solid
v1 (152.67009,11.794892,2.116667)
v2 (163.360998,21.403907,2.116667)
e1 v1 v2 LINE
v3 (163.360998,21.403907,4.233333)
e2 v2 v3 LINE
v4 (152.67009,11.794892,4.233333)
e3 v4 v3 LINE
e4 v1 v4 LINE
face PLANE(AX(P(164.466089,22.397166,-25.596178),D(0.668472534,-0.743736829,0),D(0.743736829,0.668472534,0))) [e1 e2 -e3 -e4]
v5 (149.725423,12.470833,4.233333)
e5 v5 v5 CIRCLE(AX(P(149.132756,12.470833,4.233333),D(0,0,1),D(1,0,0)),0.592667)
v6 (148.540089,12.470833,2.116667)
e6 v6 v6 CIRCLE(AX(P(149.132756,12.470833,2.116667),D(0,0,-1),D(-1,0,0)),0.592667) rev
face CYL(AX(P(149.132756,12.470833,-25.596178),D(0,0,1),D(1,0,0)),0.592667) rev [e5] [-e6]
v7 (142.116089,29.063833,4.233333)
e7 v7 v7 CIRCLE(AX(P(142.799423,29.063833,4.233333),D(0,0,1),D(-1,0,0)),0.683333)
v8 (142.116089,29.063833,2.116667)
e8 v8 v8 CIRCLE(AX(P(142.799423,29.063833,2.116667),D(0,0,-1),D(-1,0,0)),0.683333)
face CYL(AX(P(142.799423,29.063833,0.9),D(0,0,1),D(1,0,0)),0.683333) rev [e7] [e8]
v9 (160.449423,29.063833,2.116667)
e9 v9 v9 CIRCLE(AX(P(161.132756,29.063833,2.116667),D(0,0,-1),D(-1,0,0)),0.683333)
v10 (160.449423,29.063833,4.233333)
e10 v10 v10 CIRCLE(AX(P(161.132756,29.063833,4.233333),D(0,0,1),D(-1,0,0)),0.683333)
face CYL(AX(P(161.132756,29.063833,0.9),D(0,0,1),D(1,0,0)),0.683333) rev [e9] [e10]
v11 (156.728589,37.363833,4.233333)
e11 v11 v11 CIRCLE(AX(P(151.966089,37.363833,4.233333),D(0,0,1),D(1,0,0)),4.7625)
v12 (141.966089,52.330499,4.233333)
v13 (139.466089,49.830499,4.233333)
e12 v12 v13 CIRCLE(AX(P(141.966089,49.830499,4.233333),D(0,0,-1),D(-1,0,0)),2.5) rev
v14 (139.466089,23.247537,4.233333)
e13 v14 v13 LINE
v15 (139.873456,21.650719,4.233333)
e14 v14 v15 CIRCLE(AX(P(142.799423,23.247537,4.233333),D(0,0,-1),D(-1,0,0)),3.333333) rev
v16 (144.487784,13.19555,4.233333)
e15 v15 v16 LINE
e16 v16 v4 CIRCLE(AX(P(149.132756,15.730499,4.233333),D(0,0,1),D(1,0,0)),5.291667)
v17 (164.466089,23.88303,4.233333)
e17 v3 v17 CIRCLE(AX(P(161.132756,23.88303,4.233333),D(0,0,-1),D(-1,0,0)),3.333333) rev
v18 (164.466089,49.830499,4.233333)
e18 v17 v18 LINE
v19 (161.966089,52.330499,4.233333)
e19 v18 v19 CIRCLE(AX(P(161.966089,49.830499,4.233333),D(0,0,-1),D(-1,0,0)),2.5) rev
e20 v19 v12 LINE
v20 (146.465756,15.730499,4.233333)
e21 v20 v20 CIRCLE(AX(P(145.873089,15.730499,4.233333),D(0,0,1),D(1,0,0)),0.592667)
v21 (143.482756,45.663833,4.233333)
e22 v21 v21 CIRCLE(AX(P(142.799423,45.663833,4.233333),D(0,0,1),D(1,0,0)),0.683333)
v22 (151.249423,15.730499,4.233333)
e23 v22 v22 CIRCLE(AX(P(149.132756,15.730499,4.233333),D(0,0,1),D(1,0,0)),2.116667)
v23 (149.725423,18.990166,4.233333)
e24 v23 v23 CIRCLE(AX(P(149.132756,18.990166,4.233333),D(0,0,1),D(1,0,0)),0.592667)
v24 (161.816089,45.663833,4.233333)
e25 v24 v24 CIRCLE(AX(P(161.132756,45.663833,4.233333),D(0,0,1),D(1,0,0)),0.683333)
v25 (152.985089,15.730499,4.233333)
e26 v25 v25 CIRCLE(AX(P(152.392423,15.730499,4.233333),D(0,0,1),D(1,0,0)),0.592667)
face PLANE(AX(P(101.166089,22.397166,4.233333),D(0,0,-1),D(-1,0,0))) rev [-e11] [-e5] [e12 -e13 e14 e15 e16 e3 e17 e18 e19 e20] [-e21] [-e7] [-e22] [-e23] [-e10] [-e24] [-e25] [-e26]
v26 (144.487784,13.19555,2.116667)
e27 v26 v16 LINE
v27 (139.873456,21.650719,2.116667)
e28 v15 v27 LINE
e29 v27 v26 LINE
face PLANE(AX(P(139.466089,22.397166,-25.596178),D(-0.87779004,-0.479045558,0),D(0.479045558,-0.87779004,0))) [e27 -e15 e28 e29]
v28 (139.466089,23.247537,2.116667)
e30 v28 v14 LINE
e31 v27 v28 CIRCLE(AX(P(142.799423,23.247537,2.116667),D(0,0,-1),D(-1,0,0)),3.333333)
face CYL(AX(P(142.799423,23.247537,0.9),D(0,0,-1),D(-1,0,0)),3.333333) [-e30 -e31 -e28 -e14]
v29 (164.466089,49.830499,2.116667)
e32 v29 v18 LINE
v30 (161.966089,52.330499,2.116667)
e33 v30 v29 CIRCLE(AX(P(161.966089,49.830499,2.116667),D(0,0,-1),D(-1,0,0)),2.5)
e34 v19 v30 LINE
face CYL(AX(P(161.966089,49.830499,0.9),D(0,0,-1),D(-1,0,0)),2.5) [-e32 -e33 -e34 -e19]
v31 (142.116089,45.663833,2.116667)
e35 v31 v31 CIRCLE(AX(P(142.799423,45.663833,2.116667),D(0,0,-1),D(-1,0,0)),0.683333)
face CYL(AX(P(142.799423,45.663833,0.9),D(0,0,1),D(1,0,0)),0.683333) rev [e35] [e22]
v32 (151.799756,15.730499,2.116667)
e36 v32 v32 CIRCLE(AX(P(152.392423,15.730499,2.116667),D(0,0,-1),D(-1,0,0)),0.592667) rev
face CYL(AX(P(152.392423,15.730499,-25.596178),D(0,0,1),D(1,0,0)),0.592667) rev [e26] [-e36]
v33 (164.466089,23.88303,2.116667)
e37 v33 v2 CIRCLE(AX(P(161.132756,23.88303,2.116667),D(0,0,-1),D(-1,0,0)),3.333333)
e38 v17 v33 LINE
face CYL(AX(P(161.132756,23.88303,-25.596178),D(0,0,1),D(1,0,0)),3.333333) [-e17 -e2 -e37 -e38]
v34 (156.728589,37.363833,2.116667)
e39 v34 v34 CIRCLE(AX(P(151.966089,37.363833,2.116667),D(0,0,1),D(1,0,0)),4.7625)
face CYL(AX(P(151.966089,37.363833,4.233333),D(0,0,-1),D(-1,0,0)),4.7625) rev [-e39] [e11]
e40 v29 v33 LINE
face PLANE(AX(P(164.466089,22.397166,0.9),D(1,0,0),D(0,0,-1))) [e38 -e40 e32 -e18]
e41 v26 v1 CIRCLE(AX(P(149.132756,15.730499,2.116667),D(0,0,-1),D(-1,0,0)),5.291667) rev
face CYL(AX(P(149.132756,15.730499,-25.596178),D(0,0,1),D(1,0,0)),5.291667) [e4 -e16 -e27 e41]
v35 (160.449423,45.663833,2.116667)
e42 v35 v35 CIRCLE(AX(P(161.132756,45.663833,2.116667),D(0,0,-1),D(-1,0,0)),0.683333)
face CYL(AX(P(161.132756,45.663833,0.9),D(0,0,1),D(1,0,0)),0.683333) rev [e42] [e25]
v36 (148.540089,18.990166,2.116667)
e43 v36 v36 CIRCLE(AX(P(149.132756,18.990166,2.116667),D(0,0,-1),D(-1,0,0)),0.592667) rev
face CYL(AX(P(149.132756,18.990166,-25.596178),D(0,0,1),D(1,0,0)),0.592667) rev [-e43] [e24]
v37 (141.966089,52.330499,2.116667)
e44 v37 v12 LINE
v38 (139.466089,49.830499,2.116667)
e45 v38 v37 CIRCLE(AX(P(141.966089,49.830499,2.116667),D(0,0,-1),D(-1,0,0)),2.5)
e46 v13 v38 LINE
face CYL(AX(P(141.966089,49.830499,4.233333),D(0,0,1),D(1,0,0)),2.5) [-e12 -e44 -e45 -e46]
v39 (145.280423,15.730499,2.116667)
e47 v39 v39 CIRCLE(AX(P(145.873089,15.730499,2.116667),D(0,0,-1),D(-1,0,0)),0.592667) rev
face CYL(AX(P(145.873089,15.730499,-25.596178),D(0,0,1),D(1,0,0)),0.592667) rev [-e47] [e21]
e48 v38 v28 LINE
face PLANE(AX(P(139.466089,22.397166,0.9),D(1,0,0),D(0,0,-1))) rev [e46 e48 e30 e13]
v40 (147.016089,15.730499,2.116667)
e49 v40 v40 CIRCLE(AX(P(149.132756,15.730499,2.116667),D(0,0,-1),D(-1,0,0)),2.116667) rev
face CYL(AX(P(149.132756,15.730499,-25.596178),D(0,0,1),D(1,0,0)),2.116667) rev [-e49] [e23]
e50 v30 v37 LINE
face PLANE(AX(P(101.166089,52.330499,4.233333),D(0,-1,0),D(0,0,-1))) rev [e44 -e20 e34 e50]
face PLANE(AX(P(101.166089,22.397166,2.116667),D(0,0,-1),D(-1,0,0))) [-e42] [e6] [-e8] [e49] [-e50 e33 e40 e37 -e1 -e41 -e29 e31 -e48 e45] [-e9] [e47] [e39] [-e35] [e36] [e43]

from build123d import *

# Parameters (mm, degrees)
SKETCH1_W           = 304.8
SKETCH1_H           = 89.8
SKETCH1_R           = 14.2875
SKETCH1_R_2         = 2.54
SKETCH1_R_3         = 17.145
BOSS_EXTRUDE1_DEPTH = 6.35
SKETCH2_W           = 114.9
SKETCH2_H           = 89.8
SKETCH2_R           = 2.54
SKETCH2_R_2         = 17.145
CUT_EXTRUDE1_DEPTH  = 10
SKETCH4_R           = 6.35
SKETCH4_R_2         = 1.778
BOSS_EXTRUDE2_DEPTH = 6.35
FILLET1_R           = 10
FILLET2_R           = 7.5
SKETCH7_R           = 2.05
CUT_EXTRUDE2_DEPTH  = 10
SCALE1_SCALE        = 0.333333333


with BuildPart() as part:
    # Sketch1 → Boss-Extrude1 (new body)
    with BuildSketch(Plane.XY):
        with Locations((152.4, 44.9)):
            Rectangle(SKETCH1_W, SKETCH1_H)
        with Locations((152.4, 44.9)):
            Circle(SKETCH1_R, mode=Mode.SUBTRACT)
        with Locations((109.401585406, 62.859439014)):
            Circle(SKETCH1_R_2, mode=Mode.SUBTRACT)
        with Locations((109.399439014, 26.938414594)):
            Circle(SKETCH1_R_2, mode=Mode.SUBTRACT)
        with Locations((73.478414594, 26.940560986)):
            Circle(SKETCH1_R_2, mode=Mode.SUBTRACT)
        with Locations((73.480560986, 62.861585406)):
            Circle(SKETCH1_R_2, mode=Mode.SUBTRACT)
        with Locations((91.44, 44.9)):
            Circle(SKETCH1_R_3, mode=Mode.SUBTRACT)
        with Locations((195.400560986, 62.861585406)):
            Circle(SKETCH1_R_2, mode=Mode.SUBTRACT)
        with Locations((231.321585406, 62.859439014)):
            Circle(SKETCH1_R_2, mode=Mode.SUBTRACT)
        with Locations((231.319439014, 26.938414594)):
            Circle(SKETCH1_R_2, mode=Mode.SUBTRACT)
        with Locations((195.398414594, 26.940560986)):
            Circle(SKETCH1_R_2, mode=Mode.SUBTRACT)
        with Locations((213.36, 44.9)):
            Circle(SKETCH1_R_3, mode=Mode.SUBTRACT)
    extrude(amount=BOSS_EXTRUDE1_DEPTH)

    # Sketch2 → Cut-Extrude1 (cut)
    with BuildSketch(Plane.XY.offset(6.35)):
        with Locations((247.35, 44.9)):
            Rectangle(SKETCH2_W, SKETCH2_H)
        with Locations((195.398414594, 26.940560986)):
            Circle(SKETCH2_R, mode=Mode.SUBTRACT)
        with Locations((231.319439014, 26.938414594)):
            Circle(SKETCH2_R, mode=Mode.SUBTRACT)
        with Locations((213.36, 44.9)):
            Circle(SKETCH2_R_2, mode=Mode.SUBTRACT)
        with Locations((195.400560986, 62.861585406)):
            Circle(SKETCH2_R, mode=Mode.SUBTRACT)
        with Locations((231.321585406, 62.859439014)):
            Circle(SKETCH2_R, mode=Mode.SUBTRACT)
        with Locations((57.45, 44.9)):
            Rectangle(SKETCH2_W, SKETCH2_H)
        with Locations((73.478414594, 26.940560986)):
            Circle(SKETCH2_R, mode=Mode.SUBTRACT)
        with Locations((109.399439014, 26.938414594)):
            Circle(SKETCH2_R, mode=Mode.SUBTRACT)
        with Locations((91.44, 44.9)):
            Circle(SKETCH2_R_2, mode=Mode.SUBTRACT)
        with Locations((73.480560986, 62.861585406)):
            Circle(SKETCH2_R, mode=Mode.SUBTRACT)
        with Locations((109.401585406, 62.859439014)):
            Circle(SKETCH2_R, mode=Mode.SUBTRACT)
    extrude(amount=-CUT_EXTRUDE1_DEPTH, mode=Mode.SUBTRACT)

    # Sketch4 → Boss-Extrude2 (add)
    with BuildSketch(Plane.XY.offset(6.35)):
        with BuildLine():
            Line((189.9, 0), (154.512001483, -31.80682216))
            ThreePointArc((154.512001483, -31.80682216), (141.221457874, -35.647397134), (129.96508312, -27.604848226))
            Line((129.96508312, -27.604848226), (114.9, 0))
            Line((114.9, 0), (189.9, 0))
        make_face()
        with Locations((143.9, -20)):
            Circle(SKETCH4_R, mode=Mode.SUBTRACT)
        with Locations((143.9, -29.779)):
            Circle(SKETCH4_R_2, mode=Mode.SUBTRACT)
        with Locations((134.121, -20)):
            Circle(SKETCH4_R_2, mode=Mode.SUBTRACT)
        with Locations((153.679, -20)):
            Circle(SKETCH4_R_2, mode=Mode.SUBTRACT)
        with Locations((143.9, -10.221)):
            Circle(SKETCH4_R_2, mode=Mode.SUBTRACT)
    extrude(amount=-BOSS_EXTRUDE2_DEPTH)

    # Fillet1
    fillet1_edges = [part.edges().sort_by_distance(p)[0] for p in [
        (189.9, 0, 3.175),
        (114.9, 0, 3.175),
    ]]
    fillet(fillet1_edges, radius=FILLET1_R)

    # Fillet2
    fillet2_edges = [part.edges().sort_by_distance(p)[0] for p in [
        (114.9, 89.8, 3.175),
        (189.9, 89.8, 3.175),
    ]]
    fillet(fillet2_edges, radius=FILLET2_R)

    # Sketch7 → Cut-Extrude2 (cut)
    with BuildSketch(Plane.XY.offset(6.35)):
        with Locations((179.9, 69.8)):
            Circle(SKETCH7_R)
        with Locations((124.9, 69.8)):
            Circle(SKETCH7_R)
        with Locations((124.9, 20)):
            Circle(SKETCH7_R)
        with Locations((179.9, 20)):
            Circle(SKETCH7_R)
    extrude(amount=-CUT_EXTRUDE2_DEPTH, mode=Mode.SUBTRACT)


with BuildPart() as part_1:
    # Scale1: scaled about (151.749134019, 33.595748841, 3.175)
    add(part.part.scale(SCALE1_SCALE).moved(Location((101.166089346, 22.397165894, 2.116666667))))


solid = part_1.part
